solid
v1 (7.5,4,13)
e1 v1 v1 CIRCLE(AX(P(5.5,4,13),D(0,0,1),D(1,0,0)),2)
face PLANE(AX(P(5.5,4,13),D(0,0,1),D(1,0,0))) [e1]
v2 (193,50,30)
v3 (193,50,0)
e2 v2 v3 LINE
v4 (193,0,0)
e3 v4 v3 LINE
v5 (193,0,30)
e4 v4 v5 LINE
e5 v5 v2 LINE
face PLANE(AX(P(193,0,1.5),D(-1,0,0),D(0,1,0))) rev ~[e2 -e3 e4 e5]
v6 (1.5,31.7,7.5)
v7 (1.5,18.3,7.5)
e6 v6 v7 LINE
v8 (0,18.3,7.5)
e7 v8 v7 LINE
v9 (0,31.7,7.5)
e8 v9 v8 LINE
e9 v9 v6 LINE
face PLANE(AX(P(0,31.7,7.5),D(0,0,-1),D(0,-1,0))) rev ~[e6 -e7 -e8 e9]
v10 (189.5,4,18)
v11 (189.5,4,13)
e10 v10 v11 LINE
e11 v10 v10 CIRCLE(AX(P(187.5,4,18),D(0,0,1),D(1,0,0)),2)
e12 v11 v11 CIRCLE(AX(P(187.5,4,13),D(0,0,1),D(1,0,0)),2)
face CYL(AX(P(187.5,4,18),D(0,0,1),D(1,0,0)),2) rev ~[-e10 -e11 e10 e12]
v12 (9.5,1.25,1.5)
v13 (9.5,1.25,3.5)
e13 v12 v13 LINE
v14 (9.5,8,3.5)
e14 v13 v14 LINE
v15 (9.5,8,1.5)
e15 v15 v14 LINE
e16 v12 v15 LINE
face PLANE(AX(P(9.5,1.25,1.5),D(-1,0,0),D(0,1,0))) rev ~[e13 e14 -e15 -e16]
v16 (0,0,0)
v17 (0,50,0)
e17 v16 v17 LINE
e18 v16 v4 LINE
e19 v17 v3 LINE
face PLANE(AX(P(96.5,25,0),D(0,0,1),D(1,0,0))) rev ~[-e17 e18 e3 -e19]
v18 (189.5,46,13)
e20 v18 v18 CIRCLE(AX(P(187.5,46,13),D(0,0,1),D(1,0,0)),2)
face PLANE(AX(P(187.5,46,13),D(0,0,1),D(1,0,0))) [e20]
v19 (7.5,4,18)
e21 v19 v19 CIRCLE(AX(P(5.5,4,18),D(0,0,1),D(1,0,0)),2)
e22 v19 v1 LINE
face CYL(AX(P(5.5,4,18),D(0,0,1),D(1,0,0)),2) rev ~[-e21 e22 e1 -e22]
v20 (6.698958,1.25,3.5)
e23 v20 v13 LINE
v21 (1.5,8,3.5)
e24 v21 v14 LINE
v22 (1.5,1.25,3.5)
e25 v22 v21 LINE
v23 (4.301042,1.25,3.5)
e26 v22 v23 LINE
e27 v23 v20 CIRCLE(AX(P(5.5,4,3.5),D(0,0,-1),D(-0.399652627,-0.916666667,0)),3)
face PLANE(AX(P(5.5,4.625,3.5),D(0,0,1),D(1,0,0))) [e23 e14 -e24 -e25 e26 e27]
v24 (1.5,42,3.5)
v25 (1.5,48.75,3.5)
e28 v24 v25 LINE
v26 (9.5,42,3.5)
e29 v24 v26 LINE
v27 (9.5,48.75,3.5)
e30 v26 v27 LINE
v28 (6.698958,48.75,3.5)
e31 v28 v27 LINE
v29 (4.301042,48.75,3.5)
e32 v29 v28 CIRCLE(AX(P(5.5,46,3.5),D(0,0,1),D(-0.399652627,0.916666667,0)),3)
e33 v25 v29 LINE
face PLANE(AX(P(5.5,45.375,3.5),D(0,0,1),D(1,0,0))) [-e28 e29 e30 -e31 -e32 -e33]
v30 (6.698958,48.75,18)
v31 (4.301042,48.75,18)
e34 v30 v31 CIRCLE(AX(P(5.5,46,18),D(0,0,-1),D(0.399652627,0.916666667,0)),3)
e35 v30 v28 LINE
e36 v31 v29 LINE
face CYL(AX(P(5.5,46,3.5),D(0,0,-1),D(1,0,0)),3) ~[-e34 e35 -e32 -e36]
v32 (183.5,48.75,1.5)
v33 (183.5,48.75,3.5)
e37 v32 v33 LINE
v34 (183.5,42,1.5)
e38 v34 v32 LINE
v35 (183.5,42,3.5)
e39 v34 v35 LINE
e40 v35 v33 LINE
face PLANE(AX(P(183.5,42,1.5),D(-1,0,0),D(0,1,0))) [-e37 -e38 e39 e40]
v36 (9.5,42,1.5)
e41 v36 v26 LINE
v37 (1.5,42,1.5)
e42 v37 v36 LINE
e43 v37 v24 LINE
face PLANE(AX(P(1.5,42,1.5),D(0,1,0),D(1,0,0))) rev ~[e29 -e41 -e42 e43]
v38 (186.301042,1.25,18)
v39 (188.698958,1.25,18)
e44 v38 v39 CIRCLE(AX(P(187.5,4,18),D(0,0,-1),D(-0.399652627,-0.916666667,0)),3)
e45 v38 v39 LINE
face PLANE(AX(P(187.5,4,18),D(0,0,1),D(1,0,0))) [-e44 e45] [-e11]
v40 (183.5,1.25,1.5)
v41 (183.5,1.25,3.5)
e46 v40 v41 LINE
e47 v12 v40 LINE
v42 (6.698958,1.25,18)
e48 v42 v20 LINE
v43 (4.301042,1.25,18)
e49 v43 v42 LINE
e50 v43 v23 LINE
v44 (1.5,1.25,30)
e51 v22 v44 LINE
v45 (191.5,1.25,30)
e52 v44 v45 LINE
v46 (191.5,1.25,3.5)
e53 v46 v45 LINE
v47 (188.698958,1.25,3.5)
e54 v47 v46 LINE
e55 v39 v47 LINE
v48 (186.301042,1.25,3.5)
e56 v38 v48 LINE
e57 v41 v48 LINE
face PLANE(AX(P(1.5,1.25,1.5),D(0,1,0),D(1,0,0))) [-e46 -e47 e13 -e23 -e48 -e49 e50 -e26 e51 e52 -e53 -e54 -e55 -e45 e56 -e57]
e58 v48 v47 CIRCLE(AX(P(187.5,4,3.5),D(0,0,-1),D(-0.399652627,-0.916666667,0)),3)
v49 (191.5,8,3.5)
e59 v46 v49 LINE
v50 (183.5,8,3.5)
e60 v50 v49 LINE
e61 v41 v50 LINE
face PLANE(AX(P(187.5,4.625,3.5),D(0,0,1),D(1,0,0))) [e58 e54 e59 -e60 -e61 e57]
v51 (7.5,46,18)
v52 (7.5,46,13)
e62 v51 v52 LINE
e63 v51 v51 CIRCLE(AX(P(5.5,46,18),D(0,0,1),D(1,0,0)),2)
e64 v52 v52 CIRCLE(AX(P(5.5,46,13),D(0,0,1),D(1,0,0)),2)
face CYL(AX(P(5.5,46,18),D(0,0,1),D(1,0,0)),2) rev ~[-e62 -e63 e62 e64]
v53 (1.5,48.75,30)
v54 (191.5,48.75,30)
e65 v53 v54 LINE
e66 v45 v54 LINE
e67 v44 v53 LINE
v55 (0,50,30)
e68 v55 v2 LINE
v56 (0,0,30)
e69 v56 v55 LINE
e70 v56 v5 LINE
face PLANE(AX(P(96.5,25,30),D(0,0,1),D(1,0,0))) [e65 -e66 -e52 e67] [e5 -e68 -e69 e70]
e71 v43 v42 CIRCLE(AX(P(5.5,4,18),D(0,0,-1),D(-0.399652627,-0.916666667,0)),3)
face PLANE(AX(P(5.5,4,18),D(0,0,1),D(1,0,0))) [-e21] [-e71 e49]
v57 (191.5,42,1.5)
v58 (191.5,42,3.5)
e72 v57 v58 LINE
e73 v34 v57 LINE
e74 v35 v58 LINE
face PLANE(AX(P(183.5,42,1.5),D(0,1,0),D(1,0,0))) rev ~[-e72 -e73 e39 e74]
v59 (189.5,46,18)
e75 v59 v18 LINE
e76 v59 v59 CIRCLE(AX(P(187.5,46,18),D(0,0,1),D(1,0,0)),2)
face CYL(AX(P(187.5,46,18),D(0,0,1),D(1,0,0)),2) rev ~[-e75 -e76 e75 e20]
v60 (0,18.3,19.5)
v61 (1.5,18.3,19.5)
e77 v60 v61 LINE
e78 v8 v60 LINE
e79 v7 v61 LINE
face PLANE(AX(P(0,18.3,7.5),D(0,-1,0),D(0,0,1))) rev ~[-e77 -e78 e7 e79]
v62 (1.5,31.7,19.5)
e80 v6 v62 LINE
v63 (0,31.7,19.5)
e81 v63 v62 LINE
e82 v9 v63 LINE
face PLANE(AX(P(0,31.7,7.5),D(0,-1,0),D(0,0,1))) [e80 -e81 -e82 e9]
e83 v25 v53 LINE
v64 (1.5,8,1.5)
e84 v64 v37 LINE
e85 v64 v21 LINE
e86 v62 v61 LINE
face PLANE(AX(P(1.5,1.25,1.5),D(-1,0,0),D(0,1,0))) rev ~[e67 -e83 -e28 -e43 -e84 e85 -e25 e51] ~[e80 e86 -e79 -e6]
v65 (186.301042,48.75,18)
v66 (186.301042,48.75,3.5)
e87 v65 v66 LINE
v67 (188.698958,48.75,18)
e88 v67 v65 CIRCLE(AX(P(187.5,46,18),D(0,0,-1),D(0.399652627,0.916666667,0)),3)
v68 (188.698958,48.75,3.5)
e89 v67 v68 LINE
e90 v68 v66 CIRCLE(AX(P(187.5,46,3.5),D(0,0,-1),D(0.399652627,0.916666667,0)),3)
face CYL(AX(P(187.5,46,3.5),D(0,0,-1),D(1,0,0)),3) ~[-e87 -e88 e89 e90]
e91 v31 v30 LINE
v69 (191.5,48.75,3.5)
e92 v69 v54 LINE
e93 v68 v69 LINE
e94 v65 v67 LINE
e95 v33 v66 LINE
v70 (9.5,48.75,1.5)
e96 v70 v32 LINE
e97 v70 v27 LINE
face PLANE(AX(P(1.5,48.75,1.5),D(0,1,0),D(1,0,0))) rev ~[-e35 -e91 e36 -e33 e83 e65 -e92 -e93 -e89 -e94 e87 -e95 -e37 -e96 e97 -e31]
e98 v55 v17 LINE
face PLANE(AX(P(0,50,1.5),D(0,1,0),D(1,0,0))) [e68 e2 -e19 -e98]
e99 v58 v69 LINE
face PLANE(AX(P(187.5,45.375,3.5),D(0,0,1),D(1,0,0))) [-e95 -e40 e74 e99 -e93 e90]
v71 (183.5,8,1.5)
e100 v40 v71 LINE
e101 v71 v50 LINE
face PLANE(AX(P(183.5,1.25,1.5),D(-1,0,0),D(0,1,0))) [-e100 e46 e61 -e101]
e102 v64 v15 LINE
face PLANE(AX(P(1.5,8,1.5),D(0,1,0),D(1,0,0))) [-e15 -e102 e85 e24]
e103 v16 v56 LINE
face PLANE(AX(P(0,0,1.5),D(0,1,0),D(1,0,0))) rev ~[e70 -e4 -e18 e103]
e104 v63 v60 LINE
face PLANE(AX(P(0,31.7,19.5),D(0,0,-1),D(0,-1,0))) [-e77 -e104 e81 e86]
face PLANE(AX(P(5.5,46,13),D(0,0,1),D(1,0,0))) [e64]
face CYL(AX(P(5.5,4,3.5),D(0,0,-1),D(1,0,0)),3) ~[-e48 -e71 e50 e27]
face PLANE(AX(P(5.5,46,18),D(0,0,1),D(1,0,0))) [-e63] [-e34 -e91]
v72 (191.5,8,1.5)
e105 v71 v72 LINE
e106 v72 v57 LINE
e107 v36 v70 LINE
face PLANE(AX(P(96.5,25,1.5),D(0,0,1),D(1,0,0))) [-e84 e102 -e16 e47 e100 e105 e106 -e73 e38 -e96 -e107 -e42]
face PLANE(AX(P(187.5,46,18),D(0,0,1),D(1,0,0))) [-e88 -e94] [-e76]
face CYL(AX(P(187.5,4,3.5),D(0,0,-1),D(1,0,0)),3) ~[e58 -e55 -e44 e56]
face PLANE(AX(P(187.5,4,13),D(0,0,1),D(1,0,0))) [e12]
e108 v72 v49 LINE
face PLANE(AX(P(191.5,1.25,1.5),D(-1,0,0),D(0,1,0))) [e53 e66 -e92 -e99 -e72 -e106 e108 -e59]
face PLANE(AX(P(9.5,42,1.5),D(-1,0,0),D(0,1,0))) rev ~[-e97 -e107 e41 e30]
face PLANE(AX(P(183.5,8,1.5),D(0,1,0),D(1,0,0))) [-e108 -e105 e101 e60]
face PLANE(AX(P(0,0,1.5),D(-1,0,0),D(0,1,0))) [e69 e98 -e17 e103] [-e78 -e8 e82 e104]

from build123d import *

# Parameters (mm, degrees)
SKETCH_W        = 193
SKETCH_H        = 50
PAD_DEPTH       = 1.5
SKETCH001_W     = 193
SKETCH001_H     = 50
SKETCH001_W_2   = 190
SKETCH001_H_2   = 47.5
PAD001_DEPTH    = 28.5
SKETCH002_W     = 8
SKETCH002_H     = 6.75
PAD002_DEPTH    = 2
SKETCH003_R     = 3
PAD003_DEPTH    = 14.5
SKETCH004_R     = 2
POCKET_DEPTH    = 5
SKETCH005_W     = 13.4
SKETCH005_H     = 12
POCKET001_DEPTH = 5


with BuildPart() as part:
    # Sketch → Pad (new body)
    with BuildSketch(Plane.XY):
        with Locations((96.5, 25)):
            Rectangle(SKETCH_W, SKETCH_H)
    extrude(amount=PAD_DEPTH)

    # Sketch001 (on Face6 of Pad) → Pad001 (join)
    with BuildSketch(Plane.XY.offset(1.5)):
        with Locations((96.5, 25)):
            Rectangle(SKETCH001_W, SKETCH001_H)
        with Locations((96.5, 25)):
            Rectangle(SKETCH001_W_2, SKETCH001_H_2, mode=Mode.SUBTRACT)
    extrude(amount=PAD001_DEPTH)

    # Sketch002 (on Face15 of Pad001) → Pad002 (join)
    with BuildSketch(Plane.XY.offset(1.5)):
        with Locations((5.5, 45.375)):
            Rectangle(SKETCH002_W, SKETCH002_H)
        with Locations((187.5, 45.375)):
            Rectangle(SKETCH002_W, SKETCH002_H)
        with Locations((187.5, 4.625)):
            Rectangle(SKETCH002_W, SKETCH002_H)
        with Locations((5.5, 4.625)):
            Rectangle(SKETCH002_W, SKETCH002_H)
    extrude(amount=PAD002_DEPTH)

    # Sketch003 (on Face19 of Pad002) → Pad003 (join)
    with BuildSketch(Plane.XY.offset(3.5)):
        with Locations((5.5, 46)):
            Circle(SKETCH003_R)
        with Locations((5.5, 4)):
            Circle(SKETCH003_R)
        with Locations((187.5, 46)):
            Circle(SKETCH003_R)
        with Locations((187.5, 4)):
            Circle(SKETCH003_R)
    extrude(amount=PAD003_DEPTH)

    # Sketch004 (on Face24 of Pad003) → Pocket (cut)
    with BuildSketch(Plane.XY.offset(18)):
        with Locations((187.5, 46)):
            Circle(SKETCH004_R)
        with Locations((187.5, 4)):
            Circle(SKETCH004_R)
        with Locations((5.5, 46)):
            Circle(SKETCH004_R)
        with Locations((5.5, 4)):
            Circle(SKETCH004_R)
    extrude(amount=-POCKET_DEPTH, mode=Mode.SUBTRACT)

    # Sketch005 (on Face7 of Pocket) → Pocket001 (cut)
    with BuildSketch(Plane(origin=(0, 0, 0), x_dir=(0, -1, 0), z_dir=(-1, 0, 0))):
        with Locations((-25, 13.5)):
            Rectangle(SKETCH005_W, SKETCH005_H)
    extrude(amount=-POCKET001_DEPTH, mode=Mode.SUBTRACT)


solid = part.part
